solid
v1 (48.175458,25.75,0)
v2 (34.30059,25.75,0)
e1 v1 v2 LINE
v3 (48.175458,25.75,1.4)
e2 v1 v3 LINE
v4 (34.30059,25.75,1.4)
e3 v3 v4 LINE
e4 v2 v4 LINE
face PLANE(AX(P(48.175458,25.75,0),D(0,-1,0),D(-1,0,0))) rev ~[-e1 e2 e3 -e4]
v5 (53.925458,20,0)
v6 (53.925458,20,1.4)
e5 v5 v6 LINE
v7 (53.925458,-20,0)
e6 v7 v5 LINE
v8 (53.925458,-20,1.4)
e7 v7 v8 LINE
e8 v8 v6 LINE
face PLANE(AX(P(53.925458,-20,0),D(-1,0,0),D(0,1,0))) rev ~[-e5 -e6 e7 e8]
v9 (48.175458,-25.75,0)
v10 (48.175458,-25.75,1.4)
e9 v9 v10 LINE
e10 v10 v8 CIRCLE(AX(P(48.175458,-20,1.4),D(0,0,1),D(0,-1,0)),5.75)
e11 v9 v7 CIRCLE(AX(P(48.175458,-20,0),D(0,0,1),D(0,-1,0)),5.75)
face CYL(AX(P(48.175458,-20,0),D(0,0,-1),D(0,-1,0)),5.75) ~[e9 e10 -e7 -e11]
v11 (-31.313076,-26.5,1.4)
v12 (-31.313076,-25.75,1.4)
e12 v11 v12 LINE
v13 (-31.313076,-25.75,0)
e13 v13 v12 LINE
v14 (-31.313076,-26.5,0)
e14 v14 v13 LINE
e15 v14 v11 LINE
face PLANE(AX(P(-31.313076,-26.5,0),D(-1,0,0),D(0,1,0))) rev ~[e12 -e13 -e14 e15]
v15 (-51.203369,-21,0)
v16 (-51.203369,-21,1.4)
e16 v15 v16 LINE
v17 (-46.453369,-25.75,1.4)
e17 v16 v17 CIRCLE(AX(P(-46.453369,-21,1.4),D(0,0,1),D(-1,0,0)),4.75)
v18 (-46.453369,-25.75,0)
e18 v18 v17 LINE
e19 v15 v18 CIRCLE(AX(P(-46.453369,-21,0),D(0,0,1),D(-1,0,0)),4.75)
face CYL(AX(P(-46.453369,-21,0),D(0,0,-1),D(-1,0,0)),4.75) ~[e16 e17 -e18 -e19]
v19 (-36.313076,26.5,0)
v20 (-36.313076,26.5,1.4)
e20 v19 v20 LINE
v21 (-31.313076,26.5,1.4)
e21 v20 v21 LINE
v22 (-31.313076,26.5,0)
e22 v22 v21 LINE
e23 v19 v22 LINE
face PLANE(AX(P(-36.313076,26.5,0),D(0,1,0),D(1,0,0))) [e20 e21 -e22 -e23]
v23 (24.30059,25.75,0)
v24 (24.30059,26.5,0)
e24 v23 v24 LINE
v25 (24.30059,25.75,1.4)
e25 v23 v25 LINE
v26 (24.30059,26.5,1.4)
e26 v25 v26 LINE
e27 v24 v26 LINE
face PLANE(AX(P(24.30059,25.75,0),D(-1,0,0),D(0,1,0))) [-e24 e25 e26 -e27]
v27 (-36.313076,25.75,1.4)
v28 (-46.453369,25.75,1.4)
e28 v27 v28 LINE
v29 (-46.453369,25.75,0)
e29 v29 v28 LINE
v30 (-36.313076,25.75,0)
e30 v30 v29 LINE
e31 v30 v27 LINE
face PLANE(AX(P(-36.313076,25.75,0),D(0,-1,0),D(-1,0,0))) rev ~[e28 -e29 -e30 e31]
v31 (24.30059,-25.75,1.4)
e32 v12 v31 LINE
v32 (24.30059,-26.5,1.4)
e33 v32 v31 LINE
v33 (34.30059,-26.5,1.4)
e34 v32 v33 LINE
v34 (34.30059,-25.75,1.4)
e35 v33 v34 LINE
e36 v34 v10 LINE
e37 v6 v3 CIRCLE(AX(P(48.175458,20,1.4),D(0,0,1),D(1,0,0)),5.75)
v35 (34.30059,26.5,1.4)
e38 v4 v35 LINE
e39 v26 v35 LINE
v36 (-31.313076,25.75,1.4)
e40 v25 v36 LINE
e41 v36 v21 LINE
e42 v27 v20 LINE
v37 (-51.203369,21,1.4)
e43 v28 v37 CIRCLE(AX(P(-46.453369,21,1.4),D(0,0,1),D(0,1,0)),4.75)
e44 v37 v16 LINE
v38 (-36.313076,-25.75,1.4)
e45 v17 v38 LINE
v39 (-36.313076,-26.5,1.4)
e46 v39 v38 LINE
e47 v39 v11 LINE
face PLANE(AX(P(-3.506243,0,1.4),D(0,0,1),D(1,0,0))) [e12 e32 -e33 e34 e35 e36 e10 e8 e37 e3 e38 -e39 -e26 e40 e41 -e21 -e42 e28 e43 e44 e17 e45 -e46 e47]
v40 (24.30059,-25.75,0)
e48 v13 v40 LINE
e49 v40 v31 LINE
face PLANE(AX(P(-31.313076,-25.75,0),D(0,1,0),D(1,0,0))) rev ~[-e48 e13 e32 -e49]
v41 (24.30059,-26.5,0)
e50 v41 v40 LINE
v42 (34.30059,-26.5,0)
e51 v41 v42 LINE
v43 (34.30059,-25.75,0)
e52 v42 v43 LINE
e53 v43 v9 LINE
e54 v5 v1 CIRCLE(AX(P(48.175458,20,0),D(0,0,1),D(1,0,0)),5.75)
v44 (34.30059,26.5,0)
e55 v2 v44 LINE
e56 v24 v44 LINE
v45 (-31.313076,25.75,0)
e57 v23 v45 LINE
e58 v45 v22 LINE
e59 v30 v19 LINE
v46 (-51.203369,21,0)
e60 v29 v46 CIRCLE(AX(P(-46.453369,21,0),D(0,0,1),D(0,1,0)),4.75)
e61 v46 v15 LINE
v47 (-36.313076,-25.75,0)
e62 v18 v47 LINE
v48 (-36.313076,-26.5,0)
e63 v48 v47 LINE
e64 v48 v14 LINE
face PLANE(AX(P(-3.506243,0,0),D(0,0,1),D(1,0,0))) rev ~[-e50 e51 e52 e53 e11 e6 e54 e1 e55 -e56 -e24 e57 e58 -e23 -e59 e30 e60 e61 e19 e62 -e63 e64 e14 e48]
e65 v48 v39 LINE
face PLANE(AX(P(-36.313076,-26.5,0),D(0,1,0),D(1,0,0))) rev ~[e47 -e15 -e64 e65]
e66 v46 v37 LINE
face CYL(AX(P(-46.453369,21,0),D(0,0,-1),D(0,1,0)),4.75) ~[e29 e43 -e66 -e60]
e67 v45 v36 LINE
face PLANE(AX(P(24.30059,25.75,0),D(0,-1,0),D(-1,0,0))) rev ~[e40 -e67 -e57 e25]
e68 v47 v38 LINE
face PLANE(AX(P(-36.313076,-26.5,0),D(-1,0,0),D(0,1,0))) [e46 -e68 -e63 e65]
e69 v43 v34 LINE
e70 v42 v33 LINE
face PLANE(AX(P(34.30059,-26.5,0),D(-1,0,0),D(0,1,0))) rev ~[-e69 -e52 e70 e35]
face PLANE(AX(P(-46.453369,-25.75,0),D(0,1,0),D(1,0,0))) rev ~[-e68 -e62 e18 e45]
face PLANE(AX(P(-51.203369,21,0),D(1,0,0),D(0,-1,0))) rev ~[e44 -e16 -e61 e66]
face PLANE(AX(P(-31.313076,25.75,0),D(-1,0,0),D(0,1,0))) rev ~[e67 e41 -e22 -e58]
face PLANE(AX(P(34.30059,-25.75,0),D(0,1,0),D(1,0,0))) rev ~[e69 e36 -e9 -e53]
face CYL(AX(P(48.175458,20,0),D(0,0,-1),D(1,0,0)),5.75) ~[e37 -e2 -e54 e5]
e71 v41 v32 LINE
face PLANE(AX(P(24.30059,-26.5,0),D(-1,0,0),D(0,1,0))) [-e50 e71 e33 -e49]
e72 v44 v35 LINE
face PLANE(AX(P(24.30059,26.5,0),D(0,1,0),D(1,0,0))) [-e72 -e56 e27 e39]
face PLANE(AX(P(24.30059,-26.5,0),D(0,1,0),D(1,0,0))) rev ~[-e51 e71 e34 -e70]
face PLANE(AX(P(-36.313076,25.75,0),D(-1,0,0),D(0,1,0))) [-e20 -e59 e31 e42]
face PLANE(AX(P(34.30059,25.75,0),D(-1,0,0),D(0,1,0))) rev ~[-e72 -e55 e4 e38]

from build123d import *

# Parameters (mm, degrees)
F0_W     = 55.6136657298
F0_H     = 51.5
F0_W_2   = 5
F0_W_3   = 10
F0_H_2   = 0.75
F1_DEPTH = 1.4


with BuildPart() as f1:
    # F0 (on Top) → F1 (new body)
    with BuildSketch(Plane.XY):
        with Locations((-3.5062433155, 0)):
            Rectangle(F0_W, F0_H)
        with Locations((-33.8130761804, 0)):
            Rectangle(F0_W_2, F0_H)
        with BuildLine():
            ThreePointArc((-51.2033691825, -21), (-49.8121263931, -24.3587572106), (-46.4533691825, -25.75))
            Line((-46.4533691825, -25.75), (-36.3130761804, -25.75))
            Line((-36.3130761804, -25.75), (-36.3130761804, 25.75))
            Line((-36.3130761804, 25.75), (-46.4533691825, 25.75))
            ThreePointArc((-46.4533691825, 25.75), (-49.8121263931, 24.3587572106), (-51.2033691825, 21))
            Line((-51.2033691825, 21), (-51.2033691825, -21))
        make_face()
        with Locations((29.3005895494, 0)):
            Rectangle(F0_W_3, F0_H)
        with BuildLine():
            Line((34.3005895494, 25.75), (34.3005895494, -25.75))
            Line((34.3005895494, -25.75), (48.1754575549, -25.75))
            ThreePointArc((48.1754575549, -25.75), (52.2413215467, -24.0658639918), (53.9254575549, -20))
            Line((53.9254575549, -20), (53.9254575549, 20))
            ThreePointArc((53.9254575549, 20), (52.2413215467, 24.0658639918), (48.1754575549, 25.75))
            Line((48.1754575549, 25.75), (34.3005895494, 25.75))
        make_face()
        with Locations((29.3005895494, -26.125)):
            Rectangle(F0_W_3, F0_H_2)
        with Locations((29.3005895494, 26.125)):
            Rectangle(F0_W_3, F0_H_2)
        with Locations((-33.8130761804, 26.125)):
            Rectangle(F0_W_2, F0_H_2)
        with Locations((-33.8130761804, -26.125)):
            Rectangle(F0_W_2, F0_H_2)
    extrude(amount=F1_DEPTH)


solid = f1.part
